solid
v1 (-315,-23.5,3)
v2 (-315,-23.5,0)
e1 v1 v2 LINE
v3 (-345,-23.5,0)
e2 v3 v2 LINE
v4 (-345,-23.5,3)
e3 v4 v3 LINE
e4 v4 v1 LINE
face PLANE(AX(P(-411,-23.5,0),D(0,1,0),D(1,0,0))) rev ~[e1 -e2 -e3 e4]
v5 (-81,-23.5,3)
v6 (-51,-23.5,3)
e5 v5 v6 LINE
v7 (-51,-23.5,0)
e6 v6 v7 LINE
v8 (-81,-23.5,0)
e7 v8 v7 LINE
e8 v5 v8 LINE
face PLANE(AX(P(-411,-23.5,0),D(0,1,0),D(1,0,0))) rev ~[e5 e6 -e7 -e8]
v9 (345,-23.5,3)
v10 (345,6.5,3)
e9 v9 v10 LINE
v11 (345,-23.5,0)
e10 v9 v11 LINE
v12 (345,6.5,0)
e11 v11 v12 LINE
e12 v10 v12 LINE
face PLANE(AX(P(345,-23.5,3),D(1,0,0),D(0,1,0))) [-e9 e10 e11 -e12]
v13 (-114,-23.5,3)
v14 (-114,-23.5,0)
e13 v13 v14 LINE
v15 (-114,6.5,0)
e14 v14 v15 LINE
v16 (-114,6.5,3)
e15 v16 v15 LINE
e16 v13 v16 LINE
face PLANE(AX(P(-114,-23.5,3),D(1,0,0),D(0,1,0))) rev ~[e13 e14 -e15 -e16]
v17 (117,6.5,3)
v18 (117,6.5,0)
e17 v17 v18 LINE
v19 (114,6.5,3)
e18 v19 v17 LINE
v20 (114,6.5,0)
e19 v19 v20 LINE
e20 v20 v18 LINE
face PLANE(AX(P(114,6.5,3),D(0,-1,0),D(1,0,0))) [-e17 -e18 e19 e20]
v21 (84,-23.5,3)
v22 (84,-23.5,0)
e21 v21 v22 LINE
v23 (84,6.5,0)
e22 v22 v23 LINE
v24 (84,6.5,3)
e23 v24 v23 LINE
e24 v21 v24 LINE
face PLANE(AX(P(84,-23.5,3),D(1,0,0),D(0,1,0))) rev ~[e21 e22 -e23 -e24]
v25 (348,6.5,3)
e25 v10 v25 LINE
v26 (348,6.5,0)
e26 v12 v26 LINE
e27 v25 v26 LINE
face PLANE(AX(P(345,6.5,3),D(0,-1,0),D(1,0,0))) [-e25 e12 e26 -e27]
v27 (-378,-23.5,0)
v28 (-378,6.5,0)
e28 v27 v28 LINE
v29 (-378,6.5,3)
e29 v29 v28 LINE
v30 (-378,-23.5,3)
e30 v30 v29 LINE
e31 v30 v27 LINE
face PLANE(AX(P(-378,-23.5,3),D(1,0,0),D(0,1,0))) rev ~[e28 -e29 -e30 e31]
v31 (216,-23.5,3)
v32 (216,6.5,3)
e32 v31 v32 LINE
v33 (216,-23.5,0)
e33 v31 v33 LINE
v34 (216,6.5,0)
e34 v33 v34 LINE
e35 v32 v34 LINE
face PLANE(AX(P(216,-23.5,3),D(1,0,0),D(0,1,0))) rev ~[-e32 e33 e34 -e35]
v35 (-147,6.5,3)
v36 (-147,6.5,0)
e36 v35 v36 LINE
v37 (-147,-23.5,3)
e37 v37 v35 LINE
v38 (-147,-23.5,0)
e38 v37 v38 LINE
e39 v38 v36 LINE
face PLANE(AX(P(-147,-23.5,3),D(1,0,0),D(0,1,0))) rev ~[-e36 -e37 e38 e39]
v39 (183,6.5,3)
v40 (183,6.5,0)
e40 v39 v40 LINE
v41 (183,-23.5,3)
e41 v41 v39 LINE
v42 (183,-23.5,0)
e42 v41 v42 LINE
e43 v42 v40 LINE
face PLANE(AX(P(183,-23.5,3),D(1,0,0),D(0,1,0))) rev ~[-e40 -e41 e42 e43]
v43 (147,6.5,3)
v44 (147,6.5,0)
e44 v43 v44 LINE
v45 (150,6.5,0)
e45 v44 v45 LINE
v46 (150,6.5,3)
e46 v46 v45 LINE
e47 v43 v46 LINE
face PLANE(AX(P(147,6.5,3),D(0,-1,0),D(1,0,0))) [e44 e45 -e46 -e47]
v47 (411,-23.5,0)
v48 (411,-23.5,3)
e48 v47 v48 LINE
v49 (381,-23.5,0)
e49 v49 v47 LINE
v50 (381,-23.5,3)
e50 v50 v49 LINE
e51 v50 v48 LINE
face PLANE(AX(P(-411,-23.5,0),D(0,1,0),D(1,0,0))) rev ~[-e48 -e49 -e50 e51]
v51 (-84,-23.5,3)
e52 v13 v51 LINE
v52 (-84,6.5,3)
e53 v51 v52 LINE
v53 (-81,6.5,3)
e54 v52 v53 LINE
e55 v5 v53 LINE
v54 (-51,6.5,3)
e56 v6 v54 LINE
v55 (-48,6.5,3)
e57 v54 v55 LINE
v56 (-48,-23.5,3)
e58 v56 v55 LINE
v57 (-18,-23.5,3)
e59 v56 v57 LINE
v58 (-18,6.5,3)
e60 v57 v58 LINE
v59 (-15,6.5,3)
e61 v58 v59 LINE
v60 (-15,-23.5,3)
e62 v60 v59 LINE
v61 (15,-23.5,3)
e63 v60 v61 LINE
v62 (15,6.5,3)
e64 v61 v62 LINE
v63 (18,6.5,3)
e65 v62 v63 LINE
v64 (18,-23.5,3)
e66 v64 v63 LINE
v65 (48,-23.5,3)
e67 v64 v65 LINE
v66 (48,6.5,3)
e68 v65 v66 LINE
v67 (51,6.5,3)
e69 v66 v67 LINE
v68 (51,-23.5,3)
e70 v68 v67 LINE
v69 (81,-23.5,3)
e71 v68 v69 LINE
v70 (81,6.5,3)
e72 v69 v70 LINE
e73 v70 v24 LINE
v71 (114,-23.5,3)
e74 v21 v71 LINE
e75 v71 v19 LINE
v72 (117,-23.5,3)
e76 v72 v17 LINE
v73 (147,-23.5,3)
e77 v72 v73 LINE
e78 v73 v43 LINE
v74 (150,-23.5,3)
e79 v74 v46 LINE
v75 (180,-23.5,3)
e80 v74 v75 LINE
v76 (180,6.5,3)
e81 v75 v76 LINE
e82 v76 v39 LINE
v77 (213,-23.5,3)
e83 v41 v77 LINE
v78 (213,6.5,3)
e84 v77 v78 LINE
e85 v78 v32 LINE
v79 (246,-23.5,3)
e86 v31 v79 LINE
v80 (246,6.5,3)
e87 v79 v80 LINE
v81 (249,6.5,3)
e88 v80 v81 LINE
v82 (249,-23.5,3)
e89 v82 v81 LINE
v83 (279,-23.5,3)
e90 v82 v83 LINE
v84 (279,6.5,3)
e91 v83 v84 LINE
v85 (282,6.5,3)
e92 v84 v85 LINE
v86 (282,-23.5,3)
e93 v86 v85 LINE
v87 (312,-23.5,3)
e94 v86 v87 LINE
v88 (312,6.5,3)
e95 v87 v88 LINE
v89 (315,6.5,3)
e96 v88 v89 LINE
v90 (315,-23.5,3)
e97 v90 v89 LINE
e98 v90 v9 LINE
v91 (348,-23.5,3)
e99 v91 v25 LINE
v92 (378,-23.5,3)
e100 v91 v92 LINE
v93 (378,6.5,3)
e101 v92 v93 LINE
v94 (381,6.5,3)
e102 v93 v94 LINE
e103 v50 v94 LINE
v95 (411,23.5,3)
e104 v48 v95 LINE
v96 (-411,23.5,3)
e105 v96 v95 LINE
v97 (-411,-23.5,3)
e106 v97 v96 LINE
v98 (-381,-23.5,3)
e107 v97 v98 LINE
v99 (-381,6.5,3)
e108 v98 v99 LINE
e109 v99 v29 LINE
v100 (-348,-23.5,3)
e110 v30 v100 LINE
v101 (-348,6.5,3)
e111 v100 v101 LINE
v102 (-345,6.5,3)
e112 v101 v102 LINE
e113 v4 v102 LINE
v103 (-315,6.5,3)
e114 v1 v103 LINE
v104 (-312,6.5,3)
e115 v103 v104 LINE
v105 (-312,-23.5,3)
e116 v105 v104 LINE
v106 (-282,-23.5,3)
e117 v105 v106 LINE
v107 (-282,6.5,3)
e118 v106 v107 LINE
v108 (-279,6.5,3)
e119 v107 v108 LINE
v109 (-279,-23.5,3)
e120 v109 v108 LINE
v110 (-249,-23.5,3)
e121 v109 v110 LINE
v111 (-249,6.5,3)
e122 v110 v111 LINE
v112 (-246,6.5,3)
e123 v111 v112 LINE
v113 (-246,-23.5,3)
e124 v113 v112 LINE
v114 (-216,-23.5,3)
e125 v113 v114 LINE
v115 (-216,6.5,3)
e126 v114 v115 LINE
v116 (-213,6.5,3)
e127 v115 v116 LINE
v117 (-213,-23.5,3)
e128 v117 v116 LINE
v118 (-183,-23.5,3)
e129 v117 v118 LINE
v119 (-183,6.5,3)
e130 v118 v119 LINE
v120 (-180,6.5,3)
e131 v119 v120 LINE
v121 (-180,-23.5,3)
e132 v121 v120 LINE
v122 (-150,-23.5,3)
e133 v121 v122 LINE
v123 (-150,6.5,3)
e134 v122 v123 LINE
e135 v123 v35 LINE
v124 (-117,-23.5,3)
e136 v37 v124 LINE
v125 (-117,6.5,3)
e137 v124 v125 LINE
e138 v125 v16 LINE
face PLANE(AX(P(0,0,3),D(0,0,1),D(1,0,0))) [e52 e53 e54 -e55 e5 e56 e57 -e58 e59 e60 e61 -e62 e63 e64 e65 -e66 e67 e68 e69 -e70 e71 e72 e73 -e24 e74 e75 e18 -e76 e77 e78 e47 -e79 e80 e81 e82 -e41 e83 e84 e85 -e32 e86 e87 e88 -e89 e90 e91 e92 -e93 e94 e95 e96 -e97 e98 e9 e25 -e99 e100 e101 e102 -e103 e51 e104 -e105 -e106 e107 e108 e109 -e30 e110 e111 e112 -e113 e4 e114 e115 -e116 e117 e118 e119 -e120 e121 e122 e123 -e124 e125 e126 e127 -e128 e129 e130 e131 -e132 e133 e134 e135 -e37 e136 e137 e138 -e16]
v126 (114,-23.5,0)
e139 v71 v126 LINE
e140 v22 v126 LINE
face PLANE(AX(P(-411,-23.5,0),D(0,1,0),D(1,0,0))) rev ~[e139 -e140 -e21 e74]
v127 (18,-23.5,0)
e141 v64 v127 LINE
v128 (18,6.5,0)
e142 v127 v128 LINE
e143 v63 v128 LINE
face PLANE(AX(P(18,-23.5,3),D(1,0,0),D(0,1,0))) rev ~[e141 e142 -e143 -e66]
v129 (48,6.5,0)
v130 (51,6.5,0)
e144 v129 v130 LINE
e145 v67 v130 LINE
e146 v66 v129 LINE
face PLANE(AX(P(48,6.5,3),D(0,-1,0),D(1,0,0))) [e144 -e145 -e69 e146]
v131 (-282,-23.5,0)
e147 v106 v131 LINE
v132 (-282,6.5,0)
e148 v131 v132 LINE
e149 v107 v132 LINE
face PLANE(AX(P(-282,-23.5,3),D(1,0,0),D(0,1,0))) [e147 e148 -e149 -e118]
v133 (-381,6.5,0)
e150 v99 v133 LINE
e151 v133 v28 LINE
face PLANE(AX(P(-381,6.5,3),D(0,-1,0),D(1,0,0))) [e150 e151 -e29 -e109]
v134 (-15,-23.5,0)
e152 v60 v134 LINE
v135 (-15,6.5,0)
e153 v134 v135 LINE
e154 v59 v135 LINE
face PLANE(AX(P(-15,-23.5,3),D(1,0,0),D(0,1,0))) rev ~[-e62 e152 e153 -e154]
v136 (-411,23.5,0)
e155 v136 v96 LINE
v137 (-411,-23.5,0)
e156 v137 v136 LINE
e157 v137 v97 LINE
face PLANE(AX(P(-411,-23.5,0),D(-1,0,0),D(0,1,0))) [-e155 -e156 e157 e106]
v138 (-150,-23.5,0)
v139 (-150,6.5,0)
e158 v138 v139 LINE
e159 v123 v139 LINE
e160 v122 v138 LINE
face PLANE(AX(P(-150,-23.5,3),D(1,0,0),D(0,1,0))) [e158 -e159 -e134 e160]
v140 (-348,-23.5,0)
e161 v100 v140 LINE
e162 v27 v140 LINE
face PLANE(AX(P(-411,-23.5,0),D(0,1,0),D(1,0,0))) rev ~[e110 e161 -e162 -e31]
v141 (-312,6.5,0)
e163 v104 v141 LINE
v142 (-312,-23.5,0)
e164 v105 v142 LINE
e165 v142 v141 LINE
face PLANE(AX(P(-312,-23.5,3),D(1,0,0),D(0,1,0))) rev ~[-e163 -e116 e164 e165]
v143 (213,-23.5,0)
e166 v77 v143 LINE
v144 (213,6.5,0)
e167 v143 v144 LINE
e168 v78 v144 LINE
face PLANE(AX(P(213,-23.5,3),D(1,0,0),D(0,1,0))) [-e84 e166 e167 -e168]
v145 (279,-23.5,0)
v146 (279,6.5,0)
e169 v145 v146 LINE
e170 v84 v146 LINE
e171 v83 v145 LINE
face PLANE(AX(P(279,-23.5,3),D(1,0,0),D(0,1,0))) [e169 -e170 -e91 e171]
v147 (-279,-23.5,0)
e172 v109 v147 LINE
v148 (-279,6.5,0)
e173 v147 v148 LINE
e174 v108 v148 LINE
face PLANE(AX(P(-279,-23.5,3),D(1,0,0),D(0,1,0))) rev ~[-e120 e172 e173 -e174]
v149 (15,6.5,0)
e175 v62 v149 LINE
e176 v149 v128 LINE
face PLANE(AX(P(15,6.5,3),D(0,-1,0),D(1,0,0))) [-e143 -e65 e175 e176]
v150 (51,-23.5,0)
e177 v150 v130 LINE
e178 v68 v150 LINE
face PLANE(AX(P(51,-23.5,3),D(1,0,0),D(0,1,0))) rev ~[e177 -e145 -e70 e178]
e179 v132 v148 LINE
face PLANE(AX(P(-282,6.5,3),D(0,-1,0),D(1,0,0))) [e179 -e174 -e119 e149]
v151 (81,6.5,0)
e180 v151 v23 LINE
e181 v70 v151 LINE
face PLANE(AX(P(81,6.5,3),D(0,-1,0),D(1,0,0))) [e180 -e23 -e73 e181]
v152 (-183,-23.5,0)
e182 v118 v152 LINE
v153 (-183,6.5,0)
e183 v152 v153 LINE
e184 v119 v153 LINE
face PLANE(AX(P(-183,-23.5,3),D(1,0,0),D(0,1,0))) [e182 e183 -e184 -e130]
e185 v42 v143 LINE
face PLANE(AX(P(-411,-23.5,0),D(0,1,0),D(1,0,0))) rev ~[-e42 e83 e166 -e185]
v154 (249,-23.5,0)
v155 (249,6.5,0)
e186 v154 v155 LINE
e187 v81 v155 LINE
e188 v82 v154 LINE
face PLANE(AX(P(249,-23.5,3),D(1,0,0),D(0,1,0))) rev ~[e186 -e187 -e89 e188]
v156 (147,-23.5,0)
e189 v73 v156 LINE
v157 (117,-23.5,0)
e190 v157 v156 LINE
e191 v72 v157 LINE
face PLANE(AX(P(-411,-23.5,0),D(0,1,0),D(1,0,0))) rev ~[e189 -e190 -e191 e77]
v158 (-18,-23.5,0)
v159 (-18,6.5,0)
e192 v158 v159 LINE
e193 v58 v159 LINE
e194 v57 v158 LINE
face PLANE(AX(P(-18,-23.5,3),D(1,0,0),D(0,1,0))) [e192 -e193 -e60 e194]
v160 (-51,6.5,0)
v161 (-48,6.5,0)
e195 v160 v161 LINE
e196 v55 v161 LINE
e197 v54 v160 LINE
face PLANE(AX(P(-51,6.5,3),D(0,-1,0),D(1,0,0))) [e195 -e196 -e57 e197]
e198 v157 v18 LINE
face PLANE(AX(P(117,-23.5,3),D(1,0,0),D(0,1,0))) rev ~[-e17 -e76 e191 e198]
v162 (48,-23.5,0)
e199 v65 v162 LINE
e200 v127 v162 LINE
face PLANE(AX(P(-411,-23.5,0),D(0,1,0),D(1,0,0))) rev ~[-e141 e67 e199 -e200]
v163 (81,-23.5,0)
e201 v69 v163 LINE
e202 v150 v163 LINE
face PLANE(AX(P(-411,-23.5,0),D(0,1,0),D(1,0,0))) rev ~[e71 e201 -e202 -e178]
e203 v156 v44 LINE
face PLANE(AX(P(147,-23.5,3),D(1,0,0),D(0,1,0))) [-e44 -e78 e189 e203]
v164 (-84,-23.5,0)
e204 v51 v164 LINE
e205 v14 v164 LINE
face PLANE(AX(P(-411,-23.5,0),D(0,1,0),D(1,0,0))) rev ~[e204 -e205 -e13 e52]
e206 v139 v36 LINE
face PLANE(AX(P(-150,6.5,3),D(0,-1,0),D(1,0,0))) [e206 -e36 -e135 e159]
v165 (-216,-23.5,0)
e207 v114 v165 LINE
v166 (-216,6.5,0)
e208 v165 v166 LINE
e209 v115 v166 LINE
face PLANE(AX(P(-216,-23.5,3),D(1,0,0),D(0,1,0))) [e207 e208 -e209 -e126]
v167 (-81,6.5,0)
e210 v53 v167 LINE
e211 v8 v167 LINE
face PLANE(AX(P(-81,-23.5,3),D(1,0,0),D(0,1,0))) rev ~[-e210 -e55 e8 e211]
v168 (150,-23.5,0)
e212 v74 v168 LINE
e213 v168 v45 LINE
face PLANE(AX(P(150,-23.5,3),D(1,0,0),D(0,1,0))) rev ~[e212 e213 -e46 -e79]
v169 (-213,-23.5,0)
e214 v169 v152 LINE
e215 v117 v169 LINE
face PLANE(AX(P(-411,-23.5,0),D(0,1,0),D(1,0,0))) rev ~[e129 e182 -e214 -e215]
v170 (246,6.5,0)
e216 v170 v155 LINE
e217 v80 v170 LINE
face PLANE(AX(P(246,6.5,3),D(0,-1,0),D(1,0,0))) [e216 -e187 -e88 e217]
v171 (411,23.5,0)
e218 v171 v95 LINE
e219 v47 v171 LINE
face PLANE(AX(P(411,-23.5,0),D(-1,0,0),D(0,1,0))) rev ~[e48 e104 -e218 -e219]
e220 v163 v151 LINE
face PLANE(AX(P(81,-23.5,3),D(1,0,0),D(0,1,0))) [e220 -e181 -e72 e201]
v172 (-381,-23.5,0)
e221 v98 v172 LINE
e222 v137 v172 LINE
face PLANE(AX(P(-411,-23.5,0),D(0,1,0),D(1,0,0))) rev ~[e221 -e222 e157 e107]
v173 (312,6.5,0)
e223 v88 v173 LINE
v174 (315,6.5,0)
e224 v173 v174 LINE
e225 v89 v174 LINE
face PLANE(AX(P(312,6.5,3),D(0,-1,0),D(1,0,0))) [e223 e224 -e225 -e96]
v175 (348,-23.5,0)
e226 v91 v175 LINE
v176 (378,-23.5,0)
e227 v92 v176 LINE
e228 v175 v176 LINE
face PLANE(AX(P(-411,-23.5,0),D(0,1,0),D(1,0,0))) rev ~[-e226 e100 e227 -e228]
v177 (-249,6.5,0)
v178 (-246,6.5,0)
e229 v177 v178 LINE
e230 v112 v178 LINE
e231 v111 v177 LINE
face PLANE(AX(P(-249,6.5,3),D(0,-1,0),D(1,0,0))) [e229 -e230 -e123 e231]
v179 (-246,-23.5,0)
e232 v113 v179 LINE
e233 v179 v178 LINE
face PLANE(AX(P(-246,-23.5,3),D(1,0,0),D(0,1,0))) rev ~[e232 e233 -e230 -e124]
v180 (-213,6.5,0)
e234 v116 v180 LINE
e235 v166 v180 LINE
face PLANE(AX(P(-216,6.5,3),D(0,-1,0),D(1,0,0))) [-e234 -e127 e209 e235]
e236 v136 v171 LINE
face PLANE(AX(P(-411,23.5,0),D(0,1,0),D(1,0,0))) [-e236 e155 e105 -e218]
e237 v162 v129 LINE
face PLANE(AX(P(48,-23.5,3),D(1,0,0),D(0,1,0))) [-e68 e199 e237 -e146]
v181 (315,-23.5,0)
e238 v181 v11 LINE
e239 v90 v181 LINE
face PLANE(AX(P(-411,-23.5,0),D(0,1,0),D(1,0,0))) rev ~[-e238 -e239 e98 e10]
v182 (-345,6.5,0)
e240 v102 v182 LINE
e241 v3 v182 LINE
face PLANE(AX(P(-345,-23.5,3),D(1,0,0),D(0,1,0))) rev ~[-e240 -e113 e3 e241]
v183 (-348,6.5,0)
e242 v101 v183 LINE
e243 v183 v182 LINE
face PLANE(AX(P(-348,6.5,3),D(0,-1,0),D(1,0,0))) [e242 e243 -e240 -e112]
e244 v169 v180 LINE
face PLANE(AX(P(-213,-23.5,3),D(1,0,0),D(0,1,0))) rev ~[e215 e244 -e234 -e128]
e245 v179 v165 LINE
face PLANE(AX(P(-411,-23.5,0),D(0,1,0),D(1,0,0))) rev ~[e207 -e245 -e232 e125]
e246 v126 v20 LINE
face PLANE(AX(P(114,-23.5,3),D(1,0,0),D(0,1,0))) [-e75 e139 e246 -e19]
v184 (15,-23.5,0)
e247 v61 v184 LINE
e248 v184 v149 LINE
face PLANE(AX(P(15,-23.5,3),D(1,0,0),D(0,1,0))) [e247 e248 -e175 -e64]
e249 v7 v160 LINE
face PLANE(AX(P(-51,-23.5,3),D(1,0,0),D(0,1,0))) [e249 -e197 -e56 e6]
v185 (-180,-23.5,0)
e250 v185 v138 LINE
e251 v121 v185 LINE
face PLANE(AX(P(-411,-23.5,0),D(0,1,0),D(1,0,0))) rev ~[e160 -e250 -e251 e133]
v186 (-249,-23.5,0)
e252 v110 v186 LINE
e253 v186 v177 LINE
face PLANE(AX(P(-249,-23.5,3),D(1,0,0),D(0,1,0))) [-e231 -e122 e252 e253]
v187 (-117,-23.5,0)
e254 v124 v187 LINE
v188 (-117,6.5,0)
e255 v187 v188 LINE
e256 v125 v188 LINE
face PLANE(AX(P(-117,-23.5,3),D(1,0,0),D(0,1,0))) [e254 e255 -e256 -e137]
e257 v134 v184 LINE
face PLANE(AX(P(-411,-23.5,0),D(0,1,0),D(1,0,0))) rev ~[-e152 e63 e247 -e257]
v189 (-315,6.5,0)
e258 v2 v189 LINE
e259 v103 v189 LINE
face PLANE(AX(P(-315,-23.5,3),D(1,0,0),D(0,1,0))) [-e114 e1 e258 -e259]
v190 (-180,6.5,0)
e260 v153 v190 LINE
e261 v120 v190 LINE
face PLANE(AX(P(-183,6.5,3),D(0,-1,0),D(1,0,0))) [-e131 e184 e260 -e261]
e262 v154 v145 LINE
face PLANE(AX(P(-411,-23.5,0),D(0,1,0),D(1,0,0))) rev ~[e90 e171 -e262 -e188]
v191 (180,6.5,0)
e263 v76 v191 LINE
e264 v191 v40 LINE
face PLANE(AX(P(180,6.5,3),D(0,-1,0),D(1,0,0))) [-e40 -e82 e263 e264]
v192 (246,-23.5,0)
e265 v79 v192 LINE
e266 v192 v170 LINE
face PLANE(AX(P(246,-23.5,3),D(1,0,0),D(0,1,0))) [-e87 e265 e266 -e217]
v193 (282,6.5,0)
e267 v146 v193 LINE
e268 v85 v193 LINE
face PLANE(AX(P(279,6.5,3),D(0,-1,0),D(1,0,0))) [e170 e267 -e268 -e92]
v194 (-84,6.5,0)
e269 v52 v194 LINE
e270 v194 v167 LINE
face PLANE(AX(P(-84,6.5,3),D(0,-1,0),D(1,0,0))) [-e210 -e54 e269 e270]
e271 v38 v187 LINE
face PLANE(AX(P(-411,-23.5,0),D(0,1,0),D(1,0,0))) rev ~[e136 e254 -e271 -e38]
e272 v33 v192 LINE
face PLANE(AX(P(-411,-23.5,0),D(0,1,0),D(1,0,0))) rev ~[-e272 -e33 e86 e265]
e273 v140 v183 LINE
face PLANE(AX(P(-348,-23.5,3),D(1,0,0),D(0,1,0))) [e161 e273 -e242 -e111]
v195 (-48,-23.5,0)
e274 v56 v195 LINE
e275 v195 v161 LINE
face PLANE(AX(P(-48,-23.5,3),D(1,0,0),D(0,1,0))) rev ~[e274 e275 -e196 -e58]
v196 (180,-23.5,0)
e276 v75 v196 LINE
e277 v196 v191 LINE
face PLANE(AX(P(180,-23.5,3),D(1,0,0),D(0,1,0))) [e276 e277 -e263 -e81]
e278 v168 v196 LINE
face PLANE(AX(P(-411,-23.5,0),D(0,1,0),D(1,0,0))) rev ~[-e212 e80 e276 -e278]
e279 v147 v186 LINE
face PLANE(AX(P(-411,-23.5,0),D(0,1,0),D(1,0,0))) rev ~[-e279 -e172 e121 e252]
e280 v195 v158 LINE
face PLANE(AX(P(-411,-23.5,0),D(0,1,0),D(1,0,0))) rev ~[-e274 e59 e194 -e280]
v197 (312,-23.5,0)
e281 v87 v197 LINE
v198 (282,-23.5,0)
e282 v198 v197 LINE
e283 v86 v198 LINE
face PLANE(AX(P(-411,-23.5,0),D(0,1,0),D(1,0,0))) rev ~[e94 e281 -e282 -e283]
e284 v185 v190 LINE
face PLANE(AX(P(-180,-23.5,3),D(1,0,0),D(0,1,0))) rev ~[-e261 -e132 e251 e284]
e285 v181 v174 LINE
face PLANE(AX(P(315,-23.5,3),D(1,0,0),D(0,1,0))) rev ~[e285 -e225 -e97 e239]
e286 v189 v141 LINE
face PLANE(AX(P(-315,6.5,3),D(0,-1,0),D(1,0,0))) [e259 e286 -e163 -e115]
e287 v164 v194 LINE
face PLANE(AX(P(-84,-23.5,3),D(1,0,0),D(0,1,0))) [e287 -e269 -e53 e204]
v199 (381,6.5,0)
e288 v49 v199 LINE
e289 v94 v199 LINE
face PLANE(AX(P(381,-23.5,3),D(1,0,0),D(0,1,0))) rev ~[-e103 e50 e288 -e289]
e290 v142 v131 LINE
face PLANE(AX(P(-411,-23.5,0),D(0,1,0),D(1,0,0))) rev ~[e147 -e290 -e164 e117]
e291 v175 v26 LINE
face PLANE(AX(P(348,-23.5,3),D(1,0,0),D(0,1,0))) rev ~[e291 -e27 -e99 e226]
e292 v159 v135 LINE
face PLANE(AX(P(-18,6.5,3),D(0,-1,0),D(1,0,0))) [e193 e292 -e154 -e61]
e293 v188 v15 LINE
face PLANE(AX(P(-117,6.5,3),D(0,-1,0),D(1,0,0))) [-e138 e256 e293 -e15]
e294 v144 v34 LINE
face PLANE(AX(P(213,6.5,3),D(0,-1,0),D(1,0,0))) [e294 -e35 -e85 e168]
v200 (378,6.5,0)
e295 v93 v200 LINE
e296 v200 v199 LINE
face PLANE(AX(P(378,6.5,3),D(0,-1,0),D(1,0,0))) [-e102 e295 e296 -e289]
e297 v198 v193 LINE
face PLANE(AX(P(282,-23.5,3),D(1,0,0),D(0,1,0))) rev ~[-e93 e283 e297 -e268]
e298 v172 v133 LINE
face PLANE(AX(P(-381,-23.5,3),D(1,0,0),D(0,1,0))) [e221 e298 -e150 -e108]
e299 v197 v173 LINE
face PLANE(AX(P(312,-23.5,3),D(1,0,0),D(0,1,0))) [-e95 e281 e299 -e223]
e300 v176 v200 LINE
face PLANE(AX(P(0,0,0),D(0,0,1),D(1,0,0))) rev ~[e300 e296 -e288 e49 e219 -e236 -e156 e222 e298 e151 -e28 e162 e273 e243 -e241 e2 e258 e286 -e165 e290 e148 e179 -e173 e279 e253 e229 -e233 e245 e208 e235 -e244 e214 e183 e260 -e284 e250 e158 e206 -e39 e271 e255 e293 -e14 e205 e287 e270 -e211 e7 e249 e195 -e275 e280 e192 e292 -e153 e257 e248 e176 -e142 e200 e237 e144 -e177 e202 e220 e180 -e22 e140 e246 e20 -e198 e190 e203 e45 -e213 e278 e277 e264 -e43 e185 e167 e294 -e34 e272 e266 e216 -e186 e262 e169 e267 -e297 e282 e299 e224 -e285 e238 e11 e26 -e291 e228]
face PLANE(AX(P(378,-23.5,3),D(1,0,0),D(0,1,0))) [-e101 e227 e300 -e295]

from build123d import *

# Parameters (mm, degrees)
SKETCH1_W           = 822
SKETCH1_H           = 47
BOSS_EXTRUDE1_DEPTH = 3
SKETCH2_W           = 3
SKETCH2_H           = 30
CUT_EXTRUDE1_DEPTH  = 4
LPATTERN1_COUNT     = 24
LPATTERN1_PITCH     = 33


with BuildPart() as part:
    # Sketch1 → Boss-Extrude1 (new body)
    with BuildSketch(Plane.XY):
        Rectangle(SKETCH1_W, SKETCH1_H)
    extrude(amount=BOSS_EXTRUDE1_DEPTH)

    # Sketch2 → Cut-Extrude1 (cut, through all)
    with BuildSketch(Plane.XY.offset(3)):
        with Locations((-379.5, -8.5)):
            Rectangle(SKETCH2_W, SKETCH2_H)
    cut_extrude1 = extrude(amount=-CUT_EXTRUDE1_DEPTH, mode=Mode.SUBTRACT)

    # LPattern1: Cut-Extrude1 ×24
    with Locations(*[(i * LPATTERN1_PITCH, 0, 0) for i in range(1, LPATTERN1_COUNT)]):
        add(cut_extrude1, mode=Mode.SUBTRACT)


solid = part.part
